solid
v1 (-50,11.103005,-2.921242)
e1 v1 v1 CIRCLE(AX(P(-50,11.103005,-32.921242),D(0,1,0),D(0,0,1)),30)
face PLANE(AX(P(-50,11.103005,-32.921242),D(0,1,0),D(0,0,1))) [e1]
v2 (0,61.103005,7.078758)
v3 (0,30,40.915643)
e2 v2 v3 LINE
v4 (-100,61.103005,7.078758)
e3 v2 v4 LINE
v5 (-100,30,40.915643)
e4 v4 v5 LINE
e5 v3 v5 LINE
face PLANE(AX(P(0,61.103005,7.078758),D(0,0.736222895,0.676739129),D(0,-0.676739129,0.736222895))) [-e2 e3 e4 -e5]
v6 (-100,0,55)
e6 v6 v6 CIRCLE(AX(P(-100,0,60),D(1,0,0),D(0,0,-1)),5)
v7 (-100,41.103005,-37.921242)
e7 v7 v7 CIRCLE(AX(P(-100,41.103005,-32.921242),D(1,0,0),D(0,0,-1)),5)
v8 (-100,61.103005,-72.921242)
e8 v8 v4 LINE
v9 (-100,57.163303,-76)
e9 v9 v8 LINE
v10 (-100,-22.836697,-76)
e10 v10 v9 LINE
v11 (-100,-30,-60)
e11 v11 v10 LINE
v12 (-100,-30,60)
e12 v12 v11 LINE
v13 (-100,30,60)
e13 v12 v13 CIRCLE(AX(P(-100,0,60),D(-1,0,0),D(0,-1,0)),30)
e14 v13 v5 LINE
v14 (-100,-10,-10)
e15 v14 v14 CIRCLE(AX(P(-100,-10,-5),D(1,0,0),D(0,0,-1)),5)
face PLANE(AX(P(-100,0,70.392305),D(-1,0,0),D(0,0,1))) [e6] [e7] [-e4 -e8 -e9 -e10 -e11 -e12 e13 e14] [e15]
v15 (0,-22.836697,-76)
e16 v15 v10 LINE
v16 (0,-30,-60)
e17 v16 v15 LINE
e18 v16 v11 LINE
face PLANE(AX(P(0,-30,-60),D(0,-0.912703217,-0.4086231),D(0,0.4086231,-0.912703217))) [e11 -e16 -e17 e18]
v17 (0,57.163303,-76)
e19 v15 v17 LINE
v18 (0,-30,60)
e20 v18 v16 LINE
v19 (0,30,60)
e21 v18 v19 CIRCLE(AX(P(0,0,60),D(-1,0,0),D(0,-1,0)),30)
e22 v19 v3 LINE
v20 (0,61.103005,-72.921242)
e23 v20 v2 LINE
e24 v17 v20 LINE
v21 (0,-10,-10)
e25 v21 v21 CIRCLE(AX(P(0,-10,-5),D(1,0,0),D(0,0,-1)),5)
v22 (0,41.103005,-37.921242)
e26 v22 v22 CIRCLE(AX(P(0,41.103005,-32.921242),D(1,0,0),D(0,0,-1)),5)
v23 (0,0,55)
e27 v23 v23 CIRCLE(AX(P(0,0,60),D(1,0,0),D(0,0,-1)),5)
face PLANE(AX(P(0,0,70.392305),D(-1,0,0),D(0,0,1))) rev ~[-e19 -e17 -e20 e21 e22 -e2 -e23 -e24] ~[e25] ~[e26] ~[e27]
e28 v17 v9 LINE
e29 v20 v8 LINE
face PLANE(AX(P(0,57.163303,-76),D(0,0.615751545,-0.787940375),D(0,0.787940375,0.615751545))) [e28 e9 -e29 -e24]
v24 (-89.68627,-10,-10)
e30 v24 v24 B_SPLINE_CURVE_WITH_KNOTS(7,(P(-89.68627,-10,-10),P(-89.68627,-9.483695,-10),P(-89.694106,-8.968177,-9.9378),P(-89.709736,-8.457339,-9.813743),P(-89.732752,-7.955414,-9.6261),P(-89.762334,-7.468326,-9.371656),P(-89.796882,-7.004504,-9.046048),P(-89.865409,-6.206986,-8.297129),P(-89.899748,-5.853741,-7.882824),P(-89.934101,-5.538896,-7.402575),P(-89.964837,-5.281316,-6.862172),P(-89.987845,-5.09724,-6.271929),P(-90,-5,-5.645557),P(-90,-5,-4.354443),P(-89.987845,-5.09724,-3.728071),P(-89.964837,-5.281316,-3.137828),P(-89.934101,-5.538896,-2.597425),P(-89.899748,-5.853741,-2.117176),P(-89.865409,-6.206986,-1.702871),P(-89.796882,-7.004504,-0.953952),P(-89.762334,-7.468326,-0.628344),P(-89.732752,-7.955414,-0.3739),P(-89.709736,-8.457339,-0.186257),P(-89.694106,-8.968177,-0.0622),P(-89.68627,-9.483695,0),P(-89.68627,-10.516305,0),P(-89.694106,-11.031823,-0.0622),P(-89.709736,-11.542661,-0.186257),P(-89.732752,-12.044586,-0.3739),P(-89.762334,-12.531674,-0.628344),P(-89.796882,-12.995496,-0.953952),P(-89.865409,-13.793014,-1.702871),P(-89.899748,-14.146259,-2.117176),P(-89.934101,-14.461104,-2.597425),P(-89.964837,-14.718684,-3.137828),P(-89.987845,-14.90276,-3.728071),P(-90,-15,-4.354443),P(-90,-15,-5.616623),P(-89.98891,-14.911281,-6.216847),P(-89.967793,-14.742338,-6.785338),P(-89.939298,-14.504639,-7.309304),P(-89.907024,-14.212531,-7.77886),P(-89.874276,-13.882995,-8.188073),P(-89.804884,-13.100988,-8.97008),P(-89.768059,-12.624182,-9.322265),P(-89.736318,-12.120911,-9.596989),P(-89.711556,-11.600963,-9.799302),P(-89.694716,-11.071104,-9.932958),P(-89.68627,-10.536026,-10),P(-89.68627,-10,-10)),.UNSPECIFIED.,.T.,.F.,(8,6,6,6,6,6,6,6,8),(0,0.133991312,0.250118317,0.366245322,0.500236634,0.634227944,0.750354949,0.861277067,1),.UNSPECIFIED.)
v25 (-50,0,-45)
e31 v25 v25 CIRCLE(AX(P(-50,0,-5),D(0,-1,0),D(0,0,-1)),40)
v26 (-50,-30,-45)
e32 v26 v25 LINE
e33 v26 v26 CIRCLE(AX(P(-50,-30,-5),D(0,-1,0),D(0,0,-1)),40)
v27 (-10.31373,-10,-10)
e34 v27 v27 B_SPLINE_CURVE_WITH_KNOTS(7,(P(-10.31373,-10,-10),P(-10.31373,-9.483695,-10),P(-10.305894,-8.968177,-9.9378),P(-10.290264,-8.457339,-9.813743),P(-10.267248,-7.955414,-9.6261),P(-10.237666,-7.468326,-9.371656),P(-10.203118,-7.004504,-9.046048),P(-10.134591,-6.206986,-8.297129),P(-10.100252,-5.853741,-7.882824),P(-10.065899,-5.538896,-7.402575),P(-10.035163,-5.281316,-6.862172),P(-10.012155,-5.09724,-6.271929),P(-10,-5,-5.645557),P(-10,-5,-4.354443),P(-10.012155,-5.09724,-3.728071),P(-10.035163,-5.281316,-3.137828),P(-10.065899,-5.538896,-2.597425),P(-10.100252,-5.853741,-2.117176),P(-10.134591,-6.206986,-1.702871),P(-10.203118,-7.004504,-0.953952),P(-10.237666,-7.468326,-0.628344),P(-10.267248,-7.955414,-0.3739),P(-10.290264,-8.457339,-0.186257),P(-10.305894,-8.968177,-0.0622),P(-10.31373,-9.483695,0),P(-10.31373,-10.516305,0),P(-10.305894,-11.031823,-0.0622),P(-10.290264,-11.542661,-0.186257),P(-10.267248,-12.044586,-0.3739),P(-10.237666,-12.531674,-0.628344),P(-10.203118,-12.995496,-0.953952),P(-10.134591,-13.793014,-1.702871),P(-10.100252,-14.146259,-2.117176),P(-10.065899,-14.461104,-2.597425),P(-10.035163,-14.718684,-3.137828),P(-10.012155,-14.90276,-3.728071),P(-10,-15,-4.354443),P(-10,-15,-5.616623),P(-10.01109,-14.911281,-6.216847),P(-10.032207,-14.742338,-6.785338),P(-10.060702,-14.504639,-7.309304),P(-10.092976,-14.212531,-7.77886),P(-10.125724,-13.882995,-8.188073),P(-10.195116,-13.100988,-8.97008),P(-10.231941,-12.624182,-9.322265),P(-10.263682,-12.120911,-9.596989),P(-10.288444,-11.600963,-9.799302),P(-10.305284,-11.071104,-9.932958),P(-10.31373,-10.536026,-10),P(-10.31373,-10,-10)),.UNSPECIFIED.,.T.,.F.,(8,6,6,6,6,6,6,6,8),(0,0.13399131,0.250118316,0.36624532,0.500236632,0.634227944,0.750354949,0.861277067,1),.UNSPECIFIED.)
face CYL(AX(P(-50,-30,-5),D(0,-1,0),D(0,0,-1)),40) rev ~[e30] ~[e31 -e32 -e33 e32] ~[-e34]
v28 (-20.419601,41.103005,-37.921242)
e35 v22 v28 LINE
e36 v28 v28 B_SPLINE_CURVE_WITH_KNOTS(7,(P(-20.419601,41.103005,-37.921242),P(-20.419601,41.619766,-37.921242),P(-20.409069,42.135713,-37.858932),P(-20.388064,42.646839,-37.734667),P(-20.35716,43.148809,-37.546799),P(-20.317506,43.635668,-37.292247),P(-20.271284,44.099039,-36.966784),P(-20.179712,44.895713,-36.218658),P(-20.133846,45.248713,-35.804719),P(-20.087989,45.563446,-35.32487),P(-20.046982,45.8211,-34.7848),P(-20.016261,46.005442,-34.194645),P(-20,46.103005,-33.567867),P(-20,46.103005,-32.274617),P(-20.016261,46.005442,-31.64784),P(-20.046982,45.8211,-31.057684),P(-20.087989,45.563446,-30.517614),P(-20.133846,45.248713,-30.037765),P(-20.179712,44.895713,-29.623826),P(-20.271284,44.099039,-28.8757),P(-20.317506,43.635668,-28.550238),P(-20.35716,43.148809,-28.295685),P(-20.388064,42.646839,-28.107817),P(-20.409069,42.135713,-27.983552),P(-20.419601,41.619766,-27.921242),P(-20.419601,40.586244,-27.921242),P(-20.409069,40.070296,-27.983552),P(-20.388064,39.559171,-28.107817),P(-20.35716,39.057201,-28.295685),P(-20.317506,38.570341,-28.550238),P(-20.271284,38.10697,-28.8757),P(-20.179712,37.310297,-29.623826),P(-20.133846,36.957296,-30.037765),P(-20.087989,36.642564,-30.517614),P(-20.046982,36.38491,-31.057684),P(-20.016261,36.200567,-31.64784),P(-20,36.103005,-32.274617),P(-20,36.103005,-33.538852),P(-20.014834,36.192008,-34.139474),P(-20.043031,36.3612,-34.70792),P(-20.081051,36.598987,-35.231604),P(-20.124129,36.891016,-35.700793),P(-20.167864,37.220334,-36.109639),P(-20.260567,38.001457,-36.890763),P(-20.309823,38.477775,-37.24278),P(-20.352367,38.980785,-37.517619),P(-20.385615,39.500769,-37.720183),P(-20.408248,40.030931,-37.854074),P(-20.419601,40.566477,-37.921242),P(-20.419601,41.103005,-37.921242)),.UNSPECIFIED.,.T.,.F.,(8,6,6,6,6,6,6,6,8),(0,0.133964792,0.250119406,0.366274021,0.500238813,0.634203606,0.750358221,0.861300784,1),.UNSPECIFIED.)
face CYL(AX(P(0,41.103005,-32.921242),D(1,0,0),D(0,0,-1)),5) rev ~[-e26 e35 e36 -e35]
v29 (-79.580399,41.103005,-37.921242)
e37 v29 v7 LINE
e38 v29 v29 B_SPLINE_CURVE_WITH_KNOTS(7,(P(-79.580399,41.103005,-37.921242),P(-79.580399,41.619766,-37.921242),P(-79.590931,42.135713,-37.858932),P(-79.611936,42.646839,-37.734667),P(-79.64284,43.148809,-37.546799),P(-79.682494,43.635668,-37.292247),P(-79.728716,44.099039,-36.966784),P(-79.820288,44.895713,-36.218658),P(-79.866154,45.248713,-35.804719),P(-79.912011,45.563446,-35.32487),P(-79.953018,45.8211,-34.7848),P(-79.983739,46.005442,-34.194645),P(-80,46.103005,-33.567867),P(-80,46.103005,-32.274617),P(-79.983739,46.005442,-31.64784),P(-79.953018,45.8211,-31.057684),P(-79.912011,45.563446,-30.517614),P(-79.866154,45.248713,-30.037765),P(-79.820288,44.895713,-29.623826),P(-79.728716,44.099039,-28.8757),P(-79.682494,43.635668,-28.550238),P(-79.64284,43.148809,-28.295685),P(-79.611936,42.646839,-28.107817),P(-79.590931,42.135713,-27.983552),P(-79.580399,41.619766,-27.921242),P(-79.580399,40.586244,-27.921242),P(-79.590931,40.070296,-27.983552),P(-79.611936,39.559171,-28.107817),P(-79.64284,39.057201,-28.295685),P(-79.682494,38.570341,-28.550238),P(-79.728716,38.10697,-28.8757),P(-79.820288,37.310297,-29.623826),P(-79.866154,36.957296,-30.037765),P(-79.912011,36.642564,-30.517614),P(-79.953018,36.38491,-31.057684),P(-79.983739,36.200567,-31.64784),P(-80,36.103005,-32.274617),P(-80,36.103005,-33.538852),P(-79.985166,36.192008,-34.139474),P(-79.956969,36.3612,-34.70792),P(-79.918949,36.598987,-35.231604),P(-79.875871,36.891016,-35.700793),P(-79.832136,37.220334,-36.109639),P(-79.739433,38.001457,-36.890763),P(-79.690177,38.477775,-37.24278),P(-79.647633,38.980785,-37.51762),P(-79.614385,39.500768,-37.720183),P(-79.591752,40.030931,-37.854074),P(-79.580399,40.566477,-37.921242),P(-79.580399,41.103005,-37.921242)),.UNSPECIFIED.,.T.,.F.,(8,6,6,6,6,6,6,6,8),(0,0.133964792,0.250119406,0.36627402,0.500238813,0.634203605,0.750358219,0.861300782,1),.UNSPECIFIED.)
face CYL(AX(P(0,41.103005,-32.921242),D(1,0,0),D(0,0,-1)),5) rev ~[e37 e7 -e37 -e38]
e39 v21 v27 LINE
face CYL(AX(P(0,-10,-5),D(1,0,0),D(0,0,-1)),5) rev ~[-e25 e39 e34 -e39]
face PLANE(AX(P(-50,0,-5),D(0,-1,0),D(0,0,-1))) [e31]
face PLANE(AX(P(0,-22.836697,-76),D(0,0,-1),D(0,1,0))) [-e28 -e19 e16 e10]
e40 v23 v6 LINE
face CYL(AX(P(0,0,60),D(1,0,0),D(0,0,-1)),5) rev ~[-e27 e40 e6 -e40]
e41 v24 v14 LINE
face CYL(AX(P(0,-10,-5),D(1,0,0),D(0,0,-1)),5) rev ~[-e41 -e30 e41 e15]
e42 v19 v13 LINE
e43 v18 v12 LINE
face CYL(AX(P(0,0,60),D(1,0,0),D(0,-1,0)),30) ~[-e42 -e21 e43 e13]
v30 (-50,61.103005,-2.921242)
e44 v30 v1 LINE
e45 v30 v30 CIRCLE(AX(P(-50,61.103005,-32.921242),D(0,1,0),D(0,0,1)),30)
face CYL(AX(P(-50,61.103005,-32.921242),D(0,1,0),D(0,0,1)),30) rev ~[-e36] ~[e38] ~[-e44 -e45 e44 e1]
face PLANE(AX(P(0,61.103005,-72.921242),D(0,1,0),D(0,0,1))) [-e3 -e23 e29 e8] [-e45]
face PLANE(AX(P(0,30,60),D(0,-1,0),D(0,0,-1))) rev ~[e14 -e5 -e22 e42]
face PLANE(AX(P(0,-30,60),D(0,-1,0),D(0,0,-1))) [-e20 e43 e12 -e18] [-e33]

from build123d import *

# Parameters (mm, degrees)
SKETCH1_W           = 120
SKETCH1_H           = 60
BOSS_EXTRUDE1_DEPTH = 100
SKETCH2_R           = 40
CUT_EXTRUDE1_DEPTH  = 30
SKETCH3_R           = 5
CUT_EXTRUDE2_DEPTH  = 121.415945788
BOSS_EXTRUDE2_DEPTH = 100
SKETCH9_R           = 30
CUT_EXTRUDE6_DEPTH  = 50
SKETCH5_R           = 5
CUT_EXTRUDE3_DEPTH  = 100


with BuildPart() as part:
    # Sketch1 → Boss-Extrude1 (new body)
    with BuildSketch(Plane(origin=(0, 0, 0), x_dir=(0, 0, -1), z_dir=(1, 0, 0))):
        Rectangle(SKETCH1_W, SKETCH1_H)
    extrude(amount=-BOSS_EXTRUDE1_DEPTH)

    # Sketch2 → Cut-Extrude1 (cut)
    with BuildSketch(Plane.XZ.offset(30)):
        with Locations(Location((-50, -5, 0), (0, 0, 270))):
            Circle(SKETCH2_R)
    extrude(amount=-CUT_EXTRUDE1_DEPTH, mode=Mode.SUBTRACT)

    # Sketch3 → Cut-Extrude2 (cut, through all)
    with BuildSketch(Plane(origin=(0, 0, 0), x_dir=(0, 0, -1), z_dir=(1, 0, 0))):
        with Locations((5, -10)):
            Circle(SKETCH3_R)
    extrude(amount=-CUT_EXTRUDE2_DEPTH, mode=Mode.SUBTRACT)

    # Sketch4 → Boss-Extrude2 (add)
    with BuildSketch(Plane(origin=(0, 0, 0), x_dir=(0, 0, -1), z_dir=(1, 0, 0))):
        with BuildLine():
            Line((-60, 30), (-60, -30))
            ThreePointArc((-60, -30), (-90, 0), (-60, 30))
        make_face()
        Polygon((60, 30), (60, -30), (76, -22.836697104), (76, 57.163302896), (72.921242275, 61.103004772), (-7.078757725, 61.103004772), (-40.915642919, 30), align=None)
    extrude(amount=-BOSS_EXTRUDE2_DEPTH)

    # Sketch9 → Cut-Extrude6 (cut)
    with BuildSketch(Plane(origin=(0, 61.103004772, 0), x_dir=(1, 0, 0), z_dir=(0, 1, 0))):
        with Locations(Location((-50, 32.921242275, 0), (0, 0, 270))):
            Circle(SKETCH9_R)
    extrude(amount=-CUT_EXTRUDE6_DEPTH, mode=Mode.SUBTRACT)

    # Sketch5 → Cut-Extrude3 (cut)
    with BuildSketch(Plane(origin=(0, 0, 0), x_dir=(0, 0, -1), z_dir=(1, 0, 0))):
        with Locations((-60, 0)):
            Circle(SKETCH5_R)
        with Locations((32.921242275, 41.103004772)):
            Circle(SKETCH5_R)
    extrude(amount=-CUT_EXTRUDE3_DEPTH, mode=Mode.SUBTRACT)


solid = part.part
